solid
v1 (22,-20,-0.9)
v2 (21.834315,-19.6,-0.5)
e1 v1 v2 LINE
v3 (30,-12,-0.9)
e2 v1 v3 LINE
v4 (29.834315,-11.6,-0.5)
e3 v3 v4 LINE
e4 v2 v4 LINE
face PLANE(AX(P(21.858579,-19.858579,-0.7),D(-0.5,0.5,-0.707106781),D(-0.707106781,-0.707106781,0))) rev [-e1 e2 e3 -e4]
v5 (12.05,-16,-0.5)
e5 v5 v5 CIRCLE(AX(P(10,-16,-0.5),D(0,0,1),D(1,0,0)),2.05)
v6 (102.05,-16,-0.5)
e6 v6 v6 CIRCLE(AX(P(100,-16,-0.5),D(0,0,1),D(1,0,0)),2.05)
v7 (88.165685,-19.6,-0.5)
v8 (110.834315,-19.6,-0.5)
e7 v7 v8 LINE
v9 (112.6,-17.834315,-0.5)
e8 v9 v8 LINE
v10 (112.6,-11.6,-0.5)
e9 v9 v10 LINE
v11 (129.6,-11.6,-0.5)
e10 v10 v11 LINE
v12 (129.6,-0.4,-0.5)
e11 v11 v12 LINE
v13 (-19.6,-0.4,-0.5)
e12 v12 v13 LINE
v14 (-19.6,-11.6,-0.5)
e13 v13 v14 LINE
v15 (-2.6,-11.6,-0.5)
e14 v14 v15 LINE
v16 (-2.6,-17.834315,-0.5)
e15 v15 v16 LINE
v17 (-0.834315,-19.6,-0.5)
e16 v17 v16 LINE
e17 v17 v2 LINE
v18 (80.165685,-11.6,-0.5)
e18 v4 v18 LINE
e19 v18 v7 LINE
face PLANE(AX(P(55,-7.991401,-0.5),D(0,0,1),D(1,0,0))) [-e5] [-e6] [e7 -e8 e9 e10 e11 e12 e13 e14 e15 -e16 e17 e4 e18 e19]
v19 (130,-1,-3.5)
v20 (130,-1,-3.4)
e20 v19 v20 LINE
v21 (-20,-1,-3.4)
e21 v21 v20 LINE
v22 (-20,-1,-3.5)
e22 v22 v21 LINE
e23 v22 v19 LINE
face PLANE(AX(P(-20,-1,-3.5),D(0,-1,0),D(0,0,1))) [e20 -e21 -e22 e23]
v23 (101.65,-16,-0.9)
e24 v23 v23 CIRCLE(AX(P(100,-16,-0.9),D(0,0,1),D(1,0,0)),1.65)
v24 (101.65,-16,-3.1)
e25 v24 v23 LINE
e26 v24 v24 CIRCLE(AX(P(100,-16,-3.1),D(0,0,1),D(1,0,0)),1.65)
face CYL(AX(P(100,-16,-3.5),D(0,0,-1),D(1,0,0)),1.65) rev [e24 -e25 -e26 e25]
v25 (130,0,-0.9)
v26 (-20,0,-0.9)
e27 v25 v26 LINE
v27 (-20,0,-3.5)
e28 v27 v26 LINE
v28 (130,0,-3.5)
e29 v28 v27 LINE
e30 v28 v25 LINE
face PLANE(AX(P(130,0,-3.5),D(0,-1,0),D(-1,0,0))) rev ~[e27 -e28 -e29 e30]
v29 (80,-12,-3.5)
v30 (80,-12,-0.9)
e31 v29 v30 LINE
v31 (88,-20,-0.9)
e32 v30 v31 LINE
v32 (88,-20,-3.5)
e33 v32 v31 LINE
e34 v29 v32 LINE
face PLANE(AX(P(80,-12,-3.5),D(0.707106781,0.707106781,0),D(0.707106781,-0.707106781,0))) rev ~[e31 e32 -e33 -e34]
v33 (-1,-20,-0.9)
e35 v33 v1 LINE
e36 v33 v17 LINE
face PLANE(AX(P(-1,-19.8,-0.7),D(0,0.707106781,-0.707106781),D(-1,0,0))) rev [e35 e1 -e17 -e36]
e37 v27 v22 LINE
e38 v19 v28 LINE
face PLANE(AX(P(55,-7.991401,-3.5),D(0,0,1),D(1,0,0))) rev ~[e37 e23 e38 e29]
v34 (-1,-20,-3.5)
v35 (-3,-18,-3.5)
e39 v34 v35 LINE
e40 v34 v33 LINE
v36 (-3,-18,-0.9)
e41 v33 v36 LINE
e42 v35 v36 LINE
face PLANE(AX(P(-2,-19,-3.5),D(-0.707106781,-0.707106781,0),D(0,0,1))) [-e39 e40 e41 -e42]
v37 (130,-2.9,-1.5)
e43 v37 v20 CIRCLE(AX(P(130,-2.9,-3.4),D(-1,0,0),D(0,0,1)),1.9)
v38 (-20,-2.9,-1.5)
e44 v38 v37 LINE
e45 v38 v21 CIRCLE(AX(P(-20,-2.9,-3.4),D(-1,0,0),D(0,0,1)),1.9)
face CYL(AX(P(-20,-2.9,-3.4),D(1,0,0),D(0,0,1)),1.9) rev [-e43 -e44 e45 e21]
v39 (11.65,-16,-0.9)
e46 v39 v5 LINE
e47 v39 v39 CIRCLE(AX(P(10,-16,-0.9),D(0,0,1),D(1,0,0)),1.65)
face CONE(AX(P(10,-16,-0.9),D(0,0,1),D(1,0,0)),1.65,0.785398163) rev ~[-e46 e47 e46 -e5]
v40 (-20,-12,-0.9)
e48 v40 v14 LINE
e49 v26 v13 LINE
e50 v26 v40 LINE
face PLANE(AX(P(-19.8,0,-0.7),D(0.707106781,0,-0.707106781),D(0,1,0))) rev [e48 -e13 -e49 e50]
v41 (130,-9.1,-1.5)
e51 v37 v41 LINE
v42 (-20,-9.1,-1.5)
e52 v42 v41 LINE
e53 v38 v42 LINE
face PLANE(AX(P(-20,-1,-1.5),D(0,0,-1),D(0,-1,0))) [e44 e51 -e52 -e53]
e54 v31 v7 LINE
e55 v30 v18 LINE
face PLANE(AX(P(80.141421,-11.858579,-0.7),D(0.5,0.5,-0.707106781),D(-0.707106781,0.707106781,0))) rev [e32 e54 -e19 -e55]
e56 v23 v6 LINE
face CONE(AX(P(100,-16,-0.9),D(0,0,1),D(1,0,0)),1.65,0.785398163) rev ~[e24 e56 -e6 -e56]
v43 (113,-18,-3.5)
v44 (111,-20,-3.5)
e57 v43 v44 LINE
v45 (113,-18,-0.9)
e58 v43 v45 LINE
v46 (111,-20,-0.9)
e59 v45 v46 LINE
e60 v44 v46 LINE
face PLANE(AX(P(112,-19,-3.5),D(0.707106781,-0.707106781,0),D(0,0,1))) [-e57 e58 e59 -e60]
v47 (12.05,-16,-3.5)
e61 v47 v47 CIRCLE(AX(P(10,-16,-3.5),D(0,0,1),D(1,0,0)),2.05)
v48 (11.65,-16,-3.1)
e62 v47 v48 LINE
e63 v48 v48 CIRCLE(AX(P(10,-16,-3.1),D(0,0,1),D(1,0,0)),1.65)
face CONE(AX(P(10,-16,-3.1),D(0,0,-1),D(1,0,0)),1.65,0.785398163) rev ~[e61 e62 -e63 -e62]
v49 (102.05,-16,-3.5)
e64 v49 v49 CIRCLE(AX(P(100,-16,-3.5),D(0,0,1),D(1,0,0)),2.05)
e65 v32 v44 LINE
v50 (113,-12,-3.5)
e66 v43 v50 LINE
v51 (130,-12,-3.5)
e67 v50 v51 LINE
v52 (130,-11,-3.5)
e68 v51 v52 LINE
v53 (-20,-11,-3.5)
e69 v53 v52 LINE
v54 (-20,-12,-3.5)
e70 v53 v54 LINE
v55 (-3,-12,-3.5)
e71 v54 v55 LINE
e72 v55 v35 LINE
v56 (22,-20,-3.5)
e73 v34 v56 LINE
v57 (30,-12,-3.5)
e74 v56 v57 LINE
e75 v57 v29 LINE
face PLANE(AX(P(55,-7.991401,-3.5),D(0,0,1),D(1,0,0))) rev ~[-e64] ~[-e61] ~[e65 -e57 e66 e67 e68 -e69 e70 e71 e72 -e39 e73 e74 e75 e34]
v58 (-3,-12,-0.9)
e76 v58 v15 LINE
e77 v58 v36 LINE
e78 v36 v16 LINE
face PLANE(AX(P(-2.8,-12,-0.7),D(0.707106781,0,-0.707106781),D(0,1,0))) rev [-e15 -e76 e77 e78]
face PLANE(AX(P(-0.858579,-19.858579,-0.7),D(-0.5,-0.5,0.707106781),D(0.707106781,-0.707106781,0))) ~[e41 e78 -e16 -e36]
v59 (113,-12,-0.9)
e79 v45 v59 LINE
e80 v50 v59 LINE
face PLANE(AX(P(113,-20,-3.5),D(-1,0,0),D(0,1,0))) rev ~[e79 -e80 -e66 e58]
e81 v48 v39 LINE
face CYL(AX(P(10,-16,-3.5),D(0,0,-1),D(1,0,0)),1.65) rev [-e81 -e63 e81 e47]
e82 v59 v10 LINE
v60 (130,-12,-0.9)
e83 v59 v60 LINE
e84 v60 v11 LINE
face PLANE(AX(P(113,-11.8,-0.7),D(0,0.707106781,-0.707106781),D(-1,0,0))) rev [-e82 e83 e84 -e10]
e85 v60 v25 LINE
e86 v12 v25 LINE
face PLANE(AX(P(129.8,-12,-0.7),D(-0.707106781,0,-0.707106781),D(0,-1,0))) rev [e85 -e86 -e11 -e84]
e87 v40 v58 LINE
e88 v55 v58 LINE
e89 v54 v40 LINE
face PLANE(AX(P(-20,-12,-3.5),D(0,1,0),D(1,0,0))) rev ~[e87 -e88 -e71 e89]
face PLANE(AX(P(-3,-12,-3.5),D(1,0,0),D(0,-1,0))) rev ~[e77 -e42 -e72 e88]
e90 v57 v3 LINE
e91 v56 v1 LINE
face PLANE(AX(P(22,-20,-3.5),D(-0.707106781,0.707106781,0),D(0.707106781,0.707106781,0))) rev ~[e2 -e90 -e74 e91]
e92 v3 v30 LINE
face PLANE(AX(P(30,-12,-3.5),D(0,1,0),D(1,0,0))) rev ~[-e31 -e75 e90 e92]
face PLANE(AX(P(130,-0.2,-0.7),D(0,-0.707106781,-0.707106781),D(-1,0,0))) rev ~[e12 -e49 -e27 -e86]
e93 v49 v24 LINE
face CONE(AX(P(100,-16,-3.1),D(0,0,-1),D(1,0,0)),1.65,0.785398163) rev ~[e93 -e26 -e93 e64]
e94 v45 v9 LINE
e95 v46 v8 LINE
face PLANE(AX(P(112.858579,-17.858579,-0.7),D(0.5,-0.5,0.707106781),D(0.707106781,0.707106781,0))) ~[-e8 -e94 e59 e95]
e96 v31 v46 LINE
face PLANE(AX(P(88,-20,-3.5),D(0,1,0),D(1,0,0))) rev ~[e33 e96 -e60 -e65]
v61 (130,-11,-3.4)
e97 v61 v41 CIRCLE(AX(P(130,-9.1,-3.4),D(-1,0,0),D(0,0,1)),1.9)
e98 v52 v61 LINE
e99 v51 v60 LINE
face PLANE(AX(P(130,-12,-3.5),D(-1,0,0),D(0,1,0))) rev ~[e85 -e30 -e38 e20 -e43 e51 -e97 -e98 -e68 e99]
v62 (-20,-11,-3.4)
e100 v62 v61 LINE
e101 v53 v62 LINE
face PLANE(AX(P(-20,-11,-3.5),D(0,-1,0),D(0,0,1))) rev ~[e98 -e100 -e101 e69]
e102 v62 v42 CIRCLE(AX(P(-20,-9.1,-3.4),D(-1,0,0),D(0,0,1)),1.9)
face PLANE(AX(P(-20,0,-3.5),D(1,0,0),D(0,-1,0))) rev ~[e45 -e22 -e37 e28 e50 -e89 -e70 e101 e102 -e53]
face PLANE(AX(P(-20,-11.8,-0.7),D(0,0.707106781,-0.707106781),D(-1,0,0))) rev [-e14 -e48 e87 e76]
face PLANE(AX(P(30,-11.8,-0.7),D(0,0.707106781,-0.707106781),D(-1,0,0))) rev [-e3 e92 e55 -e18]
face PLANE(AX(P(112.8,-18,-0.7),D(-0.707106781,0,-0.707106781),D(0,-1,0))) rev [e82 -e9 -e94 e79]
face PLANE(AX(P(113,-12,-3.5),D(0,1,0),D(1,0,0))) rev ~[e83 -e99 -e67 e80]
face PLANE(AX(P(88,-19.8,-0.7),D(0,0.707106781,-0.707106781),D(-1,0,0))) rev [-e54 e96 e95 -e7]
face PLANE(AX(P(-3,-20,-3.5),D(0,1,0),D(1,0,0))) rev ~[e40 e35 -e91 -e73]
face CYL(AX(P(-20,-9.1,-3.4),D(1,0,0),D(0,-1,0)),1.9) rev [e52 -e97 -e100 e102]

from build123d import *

# Parameters (mm, degrees)
SKETCH011_R     = 1.65
PAD005_DEPTH    = 3
SKETCH012_W     = 10
SKETCH012_H     = 2
POCKET007_DEPTH = 150.001
FILLET002_R     = 1.9
CHAMFER009_SIZE = 2
CHAMFER010_SIZE = 0.4


with BuildPart() as part:
    # Sketch011 (on Face1 of CopyChamfer008) → Pad005 (new body)
    with BuildSketch(Plane.XY.offset(-3.5)):
        Polygon((130, 0), (-20, 0), (-20, -12), (-3, -12), (-3, -20), (22, -20), (30, -12), (80, -12), (88, -20), (113, -20), (113, -12), (130, -12), align=None)
        with Locations((10, -16)):
            Circle(SKETCH011_R, mode=Mode.SUBTRACT)
        with Locations((100, -16)):
            Circle(SKETCH011_R, mode=Mode.SUBTRACT)
    extrude(amount=PAD005_DEPTH)

    # Sketch012 (on Face2 of Pad005) → Pocket007 (cut, through all)
    with BuildSketch(Plane(origin=(-20, 0, 0), x_dir=(0, -1, 0), z_dir=(-1, 0, 0))):
        with Locations((6, -2.5)):
            Rectangle(SKETCH012_W, SKETCH012_H)
    extrude(amount=-POCKET007_DEPTH, mode=Mode.SUBTRACT)

    # Fillet002
    fillet002_edges = [part.edges().sort_by_distance(p)[0] for p in [
        (55, -1, -1.5),
        (55, -11, -1.5),
    ]]
    fillet(fillet002_edges, radius=FILLET002_R)

    # Chamfer009
    chamfer009_edges = [part.edges().sort_by_distance(p)[0] for p in [
        (-3, -20, -2),
        (113, -20, -2),
    ]]
    chamfer(chamfer009_edges, length=CHAMFER009_SIZE)

    # Chamfer010
    chamfer010_edges = [part.edges().sort_by_distance(p)[0] for p in [
        (-3, -15, -0.5),
        (-2, -19, -0.5),
        (-11.5, -12, -0.5),
        (10.5, -20, -0.5),
        (-20, -6, -0.5),
        (26, -16, -0.5),
        (55, 0, -0.5),
        (55, -12, -0.5),
        (130, -6, -0.5),
        (84, -16, -0.5),
        (121.5, -12, -0.5),
        (99.5, -20, -0.5),
        (113, -15, -0.5),
        (112, -19, -0.5),
        (8.35, -16, -0.5),
        (98.35, -16, -0.5),
        (8.35, -16, -3.5),
        (98.35, -16, -3.5),
    ]]
    chamfer(chamfer010_edges, length=CHAMFER010_SIZE)


solid = part.part
